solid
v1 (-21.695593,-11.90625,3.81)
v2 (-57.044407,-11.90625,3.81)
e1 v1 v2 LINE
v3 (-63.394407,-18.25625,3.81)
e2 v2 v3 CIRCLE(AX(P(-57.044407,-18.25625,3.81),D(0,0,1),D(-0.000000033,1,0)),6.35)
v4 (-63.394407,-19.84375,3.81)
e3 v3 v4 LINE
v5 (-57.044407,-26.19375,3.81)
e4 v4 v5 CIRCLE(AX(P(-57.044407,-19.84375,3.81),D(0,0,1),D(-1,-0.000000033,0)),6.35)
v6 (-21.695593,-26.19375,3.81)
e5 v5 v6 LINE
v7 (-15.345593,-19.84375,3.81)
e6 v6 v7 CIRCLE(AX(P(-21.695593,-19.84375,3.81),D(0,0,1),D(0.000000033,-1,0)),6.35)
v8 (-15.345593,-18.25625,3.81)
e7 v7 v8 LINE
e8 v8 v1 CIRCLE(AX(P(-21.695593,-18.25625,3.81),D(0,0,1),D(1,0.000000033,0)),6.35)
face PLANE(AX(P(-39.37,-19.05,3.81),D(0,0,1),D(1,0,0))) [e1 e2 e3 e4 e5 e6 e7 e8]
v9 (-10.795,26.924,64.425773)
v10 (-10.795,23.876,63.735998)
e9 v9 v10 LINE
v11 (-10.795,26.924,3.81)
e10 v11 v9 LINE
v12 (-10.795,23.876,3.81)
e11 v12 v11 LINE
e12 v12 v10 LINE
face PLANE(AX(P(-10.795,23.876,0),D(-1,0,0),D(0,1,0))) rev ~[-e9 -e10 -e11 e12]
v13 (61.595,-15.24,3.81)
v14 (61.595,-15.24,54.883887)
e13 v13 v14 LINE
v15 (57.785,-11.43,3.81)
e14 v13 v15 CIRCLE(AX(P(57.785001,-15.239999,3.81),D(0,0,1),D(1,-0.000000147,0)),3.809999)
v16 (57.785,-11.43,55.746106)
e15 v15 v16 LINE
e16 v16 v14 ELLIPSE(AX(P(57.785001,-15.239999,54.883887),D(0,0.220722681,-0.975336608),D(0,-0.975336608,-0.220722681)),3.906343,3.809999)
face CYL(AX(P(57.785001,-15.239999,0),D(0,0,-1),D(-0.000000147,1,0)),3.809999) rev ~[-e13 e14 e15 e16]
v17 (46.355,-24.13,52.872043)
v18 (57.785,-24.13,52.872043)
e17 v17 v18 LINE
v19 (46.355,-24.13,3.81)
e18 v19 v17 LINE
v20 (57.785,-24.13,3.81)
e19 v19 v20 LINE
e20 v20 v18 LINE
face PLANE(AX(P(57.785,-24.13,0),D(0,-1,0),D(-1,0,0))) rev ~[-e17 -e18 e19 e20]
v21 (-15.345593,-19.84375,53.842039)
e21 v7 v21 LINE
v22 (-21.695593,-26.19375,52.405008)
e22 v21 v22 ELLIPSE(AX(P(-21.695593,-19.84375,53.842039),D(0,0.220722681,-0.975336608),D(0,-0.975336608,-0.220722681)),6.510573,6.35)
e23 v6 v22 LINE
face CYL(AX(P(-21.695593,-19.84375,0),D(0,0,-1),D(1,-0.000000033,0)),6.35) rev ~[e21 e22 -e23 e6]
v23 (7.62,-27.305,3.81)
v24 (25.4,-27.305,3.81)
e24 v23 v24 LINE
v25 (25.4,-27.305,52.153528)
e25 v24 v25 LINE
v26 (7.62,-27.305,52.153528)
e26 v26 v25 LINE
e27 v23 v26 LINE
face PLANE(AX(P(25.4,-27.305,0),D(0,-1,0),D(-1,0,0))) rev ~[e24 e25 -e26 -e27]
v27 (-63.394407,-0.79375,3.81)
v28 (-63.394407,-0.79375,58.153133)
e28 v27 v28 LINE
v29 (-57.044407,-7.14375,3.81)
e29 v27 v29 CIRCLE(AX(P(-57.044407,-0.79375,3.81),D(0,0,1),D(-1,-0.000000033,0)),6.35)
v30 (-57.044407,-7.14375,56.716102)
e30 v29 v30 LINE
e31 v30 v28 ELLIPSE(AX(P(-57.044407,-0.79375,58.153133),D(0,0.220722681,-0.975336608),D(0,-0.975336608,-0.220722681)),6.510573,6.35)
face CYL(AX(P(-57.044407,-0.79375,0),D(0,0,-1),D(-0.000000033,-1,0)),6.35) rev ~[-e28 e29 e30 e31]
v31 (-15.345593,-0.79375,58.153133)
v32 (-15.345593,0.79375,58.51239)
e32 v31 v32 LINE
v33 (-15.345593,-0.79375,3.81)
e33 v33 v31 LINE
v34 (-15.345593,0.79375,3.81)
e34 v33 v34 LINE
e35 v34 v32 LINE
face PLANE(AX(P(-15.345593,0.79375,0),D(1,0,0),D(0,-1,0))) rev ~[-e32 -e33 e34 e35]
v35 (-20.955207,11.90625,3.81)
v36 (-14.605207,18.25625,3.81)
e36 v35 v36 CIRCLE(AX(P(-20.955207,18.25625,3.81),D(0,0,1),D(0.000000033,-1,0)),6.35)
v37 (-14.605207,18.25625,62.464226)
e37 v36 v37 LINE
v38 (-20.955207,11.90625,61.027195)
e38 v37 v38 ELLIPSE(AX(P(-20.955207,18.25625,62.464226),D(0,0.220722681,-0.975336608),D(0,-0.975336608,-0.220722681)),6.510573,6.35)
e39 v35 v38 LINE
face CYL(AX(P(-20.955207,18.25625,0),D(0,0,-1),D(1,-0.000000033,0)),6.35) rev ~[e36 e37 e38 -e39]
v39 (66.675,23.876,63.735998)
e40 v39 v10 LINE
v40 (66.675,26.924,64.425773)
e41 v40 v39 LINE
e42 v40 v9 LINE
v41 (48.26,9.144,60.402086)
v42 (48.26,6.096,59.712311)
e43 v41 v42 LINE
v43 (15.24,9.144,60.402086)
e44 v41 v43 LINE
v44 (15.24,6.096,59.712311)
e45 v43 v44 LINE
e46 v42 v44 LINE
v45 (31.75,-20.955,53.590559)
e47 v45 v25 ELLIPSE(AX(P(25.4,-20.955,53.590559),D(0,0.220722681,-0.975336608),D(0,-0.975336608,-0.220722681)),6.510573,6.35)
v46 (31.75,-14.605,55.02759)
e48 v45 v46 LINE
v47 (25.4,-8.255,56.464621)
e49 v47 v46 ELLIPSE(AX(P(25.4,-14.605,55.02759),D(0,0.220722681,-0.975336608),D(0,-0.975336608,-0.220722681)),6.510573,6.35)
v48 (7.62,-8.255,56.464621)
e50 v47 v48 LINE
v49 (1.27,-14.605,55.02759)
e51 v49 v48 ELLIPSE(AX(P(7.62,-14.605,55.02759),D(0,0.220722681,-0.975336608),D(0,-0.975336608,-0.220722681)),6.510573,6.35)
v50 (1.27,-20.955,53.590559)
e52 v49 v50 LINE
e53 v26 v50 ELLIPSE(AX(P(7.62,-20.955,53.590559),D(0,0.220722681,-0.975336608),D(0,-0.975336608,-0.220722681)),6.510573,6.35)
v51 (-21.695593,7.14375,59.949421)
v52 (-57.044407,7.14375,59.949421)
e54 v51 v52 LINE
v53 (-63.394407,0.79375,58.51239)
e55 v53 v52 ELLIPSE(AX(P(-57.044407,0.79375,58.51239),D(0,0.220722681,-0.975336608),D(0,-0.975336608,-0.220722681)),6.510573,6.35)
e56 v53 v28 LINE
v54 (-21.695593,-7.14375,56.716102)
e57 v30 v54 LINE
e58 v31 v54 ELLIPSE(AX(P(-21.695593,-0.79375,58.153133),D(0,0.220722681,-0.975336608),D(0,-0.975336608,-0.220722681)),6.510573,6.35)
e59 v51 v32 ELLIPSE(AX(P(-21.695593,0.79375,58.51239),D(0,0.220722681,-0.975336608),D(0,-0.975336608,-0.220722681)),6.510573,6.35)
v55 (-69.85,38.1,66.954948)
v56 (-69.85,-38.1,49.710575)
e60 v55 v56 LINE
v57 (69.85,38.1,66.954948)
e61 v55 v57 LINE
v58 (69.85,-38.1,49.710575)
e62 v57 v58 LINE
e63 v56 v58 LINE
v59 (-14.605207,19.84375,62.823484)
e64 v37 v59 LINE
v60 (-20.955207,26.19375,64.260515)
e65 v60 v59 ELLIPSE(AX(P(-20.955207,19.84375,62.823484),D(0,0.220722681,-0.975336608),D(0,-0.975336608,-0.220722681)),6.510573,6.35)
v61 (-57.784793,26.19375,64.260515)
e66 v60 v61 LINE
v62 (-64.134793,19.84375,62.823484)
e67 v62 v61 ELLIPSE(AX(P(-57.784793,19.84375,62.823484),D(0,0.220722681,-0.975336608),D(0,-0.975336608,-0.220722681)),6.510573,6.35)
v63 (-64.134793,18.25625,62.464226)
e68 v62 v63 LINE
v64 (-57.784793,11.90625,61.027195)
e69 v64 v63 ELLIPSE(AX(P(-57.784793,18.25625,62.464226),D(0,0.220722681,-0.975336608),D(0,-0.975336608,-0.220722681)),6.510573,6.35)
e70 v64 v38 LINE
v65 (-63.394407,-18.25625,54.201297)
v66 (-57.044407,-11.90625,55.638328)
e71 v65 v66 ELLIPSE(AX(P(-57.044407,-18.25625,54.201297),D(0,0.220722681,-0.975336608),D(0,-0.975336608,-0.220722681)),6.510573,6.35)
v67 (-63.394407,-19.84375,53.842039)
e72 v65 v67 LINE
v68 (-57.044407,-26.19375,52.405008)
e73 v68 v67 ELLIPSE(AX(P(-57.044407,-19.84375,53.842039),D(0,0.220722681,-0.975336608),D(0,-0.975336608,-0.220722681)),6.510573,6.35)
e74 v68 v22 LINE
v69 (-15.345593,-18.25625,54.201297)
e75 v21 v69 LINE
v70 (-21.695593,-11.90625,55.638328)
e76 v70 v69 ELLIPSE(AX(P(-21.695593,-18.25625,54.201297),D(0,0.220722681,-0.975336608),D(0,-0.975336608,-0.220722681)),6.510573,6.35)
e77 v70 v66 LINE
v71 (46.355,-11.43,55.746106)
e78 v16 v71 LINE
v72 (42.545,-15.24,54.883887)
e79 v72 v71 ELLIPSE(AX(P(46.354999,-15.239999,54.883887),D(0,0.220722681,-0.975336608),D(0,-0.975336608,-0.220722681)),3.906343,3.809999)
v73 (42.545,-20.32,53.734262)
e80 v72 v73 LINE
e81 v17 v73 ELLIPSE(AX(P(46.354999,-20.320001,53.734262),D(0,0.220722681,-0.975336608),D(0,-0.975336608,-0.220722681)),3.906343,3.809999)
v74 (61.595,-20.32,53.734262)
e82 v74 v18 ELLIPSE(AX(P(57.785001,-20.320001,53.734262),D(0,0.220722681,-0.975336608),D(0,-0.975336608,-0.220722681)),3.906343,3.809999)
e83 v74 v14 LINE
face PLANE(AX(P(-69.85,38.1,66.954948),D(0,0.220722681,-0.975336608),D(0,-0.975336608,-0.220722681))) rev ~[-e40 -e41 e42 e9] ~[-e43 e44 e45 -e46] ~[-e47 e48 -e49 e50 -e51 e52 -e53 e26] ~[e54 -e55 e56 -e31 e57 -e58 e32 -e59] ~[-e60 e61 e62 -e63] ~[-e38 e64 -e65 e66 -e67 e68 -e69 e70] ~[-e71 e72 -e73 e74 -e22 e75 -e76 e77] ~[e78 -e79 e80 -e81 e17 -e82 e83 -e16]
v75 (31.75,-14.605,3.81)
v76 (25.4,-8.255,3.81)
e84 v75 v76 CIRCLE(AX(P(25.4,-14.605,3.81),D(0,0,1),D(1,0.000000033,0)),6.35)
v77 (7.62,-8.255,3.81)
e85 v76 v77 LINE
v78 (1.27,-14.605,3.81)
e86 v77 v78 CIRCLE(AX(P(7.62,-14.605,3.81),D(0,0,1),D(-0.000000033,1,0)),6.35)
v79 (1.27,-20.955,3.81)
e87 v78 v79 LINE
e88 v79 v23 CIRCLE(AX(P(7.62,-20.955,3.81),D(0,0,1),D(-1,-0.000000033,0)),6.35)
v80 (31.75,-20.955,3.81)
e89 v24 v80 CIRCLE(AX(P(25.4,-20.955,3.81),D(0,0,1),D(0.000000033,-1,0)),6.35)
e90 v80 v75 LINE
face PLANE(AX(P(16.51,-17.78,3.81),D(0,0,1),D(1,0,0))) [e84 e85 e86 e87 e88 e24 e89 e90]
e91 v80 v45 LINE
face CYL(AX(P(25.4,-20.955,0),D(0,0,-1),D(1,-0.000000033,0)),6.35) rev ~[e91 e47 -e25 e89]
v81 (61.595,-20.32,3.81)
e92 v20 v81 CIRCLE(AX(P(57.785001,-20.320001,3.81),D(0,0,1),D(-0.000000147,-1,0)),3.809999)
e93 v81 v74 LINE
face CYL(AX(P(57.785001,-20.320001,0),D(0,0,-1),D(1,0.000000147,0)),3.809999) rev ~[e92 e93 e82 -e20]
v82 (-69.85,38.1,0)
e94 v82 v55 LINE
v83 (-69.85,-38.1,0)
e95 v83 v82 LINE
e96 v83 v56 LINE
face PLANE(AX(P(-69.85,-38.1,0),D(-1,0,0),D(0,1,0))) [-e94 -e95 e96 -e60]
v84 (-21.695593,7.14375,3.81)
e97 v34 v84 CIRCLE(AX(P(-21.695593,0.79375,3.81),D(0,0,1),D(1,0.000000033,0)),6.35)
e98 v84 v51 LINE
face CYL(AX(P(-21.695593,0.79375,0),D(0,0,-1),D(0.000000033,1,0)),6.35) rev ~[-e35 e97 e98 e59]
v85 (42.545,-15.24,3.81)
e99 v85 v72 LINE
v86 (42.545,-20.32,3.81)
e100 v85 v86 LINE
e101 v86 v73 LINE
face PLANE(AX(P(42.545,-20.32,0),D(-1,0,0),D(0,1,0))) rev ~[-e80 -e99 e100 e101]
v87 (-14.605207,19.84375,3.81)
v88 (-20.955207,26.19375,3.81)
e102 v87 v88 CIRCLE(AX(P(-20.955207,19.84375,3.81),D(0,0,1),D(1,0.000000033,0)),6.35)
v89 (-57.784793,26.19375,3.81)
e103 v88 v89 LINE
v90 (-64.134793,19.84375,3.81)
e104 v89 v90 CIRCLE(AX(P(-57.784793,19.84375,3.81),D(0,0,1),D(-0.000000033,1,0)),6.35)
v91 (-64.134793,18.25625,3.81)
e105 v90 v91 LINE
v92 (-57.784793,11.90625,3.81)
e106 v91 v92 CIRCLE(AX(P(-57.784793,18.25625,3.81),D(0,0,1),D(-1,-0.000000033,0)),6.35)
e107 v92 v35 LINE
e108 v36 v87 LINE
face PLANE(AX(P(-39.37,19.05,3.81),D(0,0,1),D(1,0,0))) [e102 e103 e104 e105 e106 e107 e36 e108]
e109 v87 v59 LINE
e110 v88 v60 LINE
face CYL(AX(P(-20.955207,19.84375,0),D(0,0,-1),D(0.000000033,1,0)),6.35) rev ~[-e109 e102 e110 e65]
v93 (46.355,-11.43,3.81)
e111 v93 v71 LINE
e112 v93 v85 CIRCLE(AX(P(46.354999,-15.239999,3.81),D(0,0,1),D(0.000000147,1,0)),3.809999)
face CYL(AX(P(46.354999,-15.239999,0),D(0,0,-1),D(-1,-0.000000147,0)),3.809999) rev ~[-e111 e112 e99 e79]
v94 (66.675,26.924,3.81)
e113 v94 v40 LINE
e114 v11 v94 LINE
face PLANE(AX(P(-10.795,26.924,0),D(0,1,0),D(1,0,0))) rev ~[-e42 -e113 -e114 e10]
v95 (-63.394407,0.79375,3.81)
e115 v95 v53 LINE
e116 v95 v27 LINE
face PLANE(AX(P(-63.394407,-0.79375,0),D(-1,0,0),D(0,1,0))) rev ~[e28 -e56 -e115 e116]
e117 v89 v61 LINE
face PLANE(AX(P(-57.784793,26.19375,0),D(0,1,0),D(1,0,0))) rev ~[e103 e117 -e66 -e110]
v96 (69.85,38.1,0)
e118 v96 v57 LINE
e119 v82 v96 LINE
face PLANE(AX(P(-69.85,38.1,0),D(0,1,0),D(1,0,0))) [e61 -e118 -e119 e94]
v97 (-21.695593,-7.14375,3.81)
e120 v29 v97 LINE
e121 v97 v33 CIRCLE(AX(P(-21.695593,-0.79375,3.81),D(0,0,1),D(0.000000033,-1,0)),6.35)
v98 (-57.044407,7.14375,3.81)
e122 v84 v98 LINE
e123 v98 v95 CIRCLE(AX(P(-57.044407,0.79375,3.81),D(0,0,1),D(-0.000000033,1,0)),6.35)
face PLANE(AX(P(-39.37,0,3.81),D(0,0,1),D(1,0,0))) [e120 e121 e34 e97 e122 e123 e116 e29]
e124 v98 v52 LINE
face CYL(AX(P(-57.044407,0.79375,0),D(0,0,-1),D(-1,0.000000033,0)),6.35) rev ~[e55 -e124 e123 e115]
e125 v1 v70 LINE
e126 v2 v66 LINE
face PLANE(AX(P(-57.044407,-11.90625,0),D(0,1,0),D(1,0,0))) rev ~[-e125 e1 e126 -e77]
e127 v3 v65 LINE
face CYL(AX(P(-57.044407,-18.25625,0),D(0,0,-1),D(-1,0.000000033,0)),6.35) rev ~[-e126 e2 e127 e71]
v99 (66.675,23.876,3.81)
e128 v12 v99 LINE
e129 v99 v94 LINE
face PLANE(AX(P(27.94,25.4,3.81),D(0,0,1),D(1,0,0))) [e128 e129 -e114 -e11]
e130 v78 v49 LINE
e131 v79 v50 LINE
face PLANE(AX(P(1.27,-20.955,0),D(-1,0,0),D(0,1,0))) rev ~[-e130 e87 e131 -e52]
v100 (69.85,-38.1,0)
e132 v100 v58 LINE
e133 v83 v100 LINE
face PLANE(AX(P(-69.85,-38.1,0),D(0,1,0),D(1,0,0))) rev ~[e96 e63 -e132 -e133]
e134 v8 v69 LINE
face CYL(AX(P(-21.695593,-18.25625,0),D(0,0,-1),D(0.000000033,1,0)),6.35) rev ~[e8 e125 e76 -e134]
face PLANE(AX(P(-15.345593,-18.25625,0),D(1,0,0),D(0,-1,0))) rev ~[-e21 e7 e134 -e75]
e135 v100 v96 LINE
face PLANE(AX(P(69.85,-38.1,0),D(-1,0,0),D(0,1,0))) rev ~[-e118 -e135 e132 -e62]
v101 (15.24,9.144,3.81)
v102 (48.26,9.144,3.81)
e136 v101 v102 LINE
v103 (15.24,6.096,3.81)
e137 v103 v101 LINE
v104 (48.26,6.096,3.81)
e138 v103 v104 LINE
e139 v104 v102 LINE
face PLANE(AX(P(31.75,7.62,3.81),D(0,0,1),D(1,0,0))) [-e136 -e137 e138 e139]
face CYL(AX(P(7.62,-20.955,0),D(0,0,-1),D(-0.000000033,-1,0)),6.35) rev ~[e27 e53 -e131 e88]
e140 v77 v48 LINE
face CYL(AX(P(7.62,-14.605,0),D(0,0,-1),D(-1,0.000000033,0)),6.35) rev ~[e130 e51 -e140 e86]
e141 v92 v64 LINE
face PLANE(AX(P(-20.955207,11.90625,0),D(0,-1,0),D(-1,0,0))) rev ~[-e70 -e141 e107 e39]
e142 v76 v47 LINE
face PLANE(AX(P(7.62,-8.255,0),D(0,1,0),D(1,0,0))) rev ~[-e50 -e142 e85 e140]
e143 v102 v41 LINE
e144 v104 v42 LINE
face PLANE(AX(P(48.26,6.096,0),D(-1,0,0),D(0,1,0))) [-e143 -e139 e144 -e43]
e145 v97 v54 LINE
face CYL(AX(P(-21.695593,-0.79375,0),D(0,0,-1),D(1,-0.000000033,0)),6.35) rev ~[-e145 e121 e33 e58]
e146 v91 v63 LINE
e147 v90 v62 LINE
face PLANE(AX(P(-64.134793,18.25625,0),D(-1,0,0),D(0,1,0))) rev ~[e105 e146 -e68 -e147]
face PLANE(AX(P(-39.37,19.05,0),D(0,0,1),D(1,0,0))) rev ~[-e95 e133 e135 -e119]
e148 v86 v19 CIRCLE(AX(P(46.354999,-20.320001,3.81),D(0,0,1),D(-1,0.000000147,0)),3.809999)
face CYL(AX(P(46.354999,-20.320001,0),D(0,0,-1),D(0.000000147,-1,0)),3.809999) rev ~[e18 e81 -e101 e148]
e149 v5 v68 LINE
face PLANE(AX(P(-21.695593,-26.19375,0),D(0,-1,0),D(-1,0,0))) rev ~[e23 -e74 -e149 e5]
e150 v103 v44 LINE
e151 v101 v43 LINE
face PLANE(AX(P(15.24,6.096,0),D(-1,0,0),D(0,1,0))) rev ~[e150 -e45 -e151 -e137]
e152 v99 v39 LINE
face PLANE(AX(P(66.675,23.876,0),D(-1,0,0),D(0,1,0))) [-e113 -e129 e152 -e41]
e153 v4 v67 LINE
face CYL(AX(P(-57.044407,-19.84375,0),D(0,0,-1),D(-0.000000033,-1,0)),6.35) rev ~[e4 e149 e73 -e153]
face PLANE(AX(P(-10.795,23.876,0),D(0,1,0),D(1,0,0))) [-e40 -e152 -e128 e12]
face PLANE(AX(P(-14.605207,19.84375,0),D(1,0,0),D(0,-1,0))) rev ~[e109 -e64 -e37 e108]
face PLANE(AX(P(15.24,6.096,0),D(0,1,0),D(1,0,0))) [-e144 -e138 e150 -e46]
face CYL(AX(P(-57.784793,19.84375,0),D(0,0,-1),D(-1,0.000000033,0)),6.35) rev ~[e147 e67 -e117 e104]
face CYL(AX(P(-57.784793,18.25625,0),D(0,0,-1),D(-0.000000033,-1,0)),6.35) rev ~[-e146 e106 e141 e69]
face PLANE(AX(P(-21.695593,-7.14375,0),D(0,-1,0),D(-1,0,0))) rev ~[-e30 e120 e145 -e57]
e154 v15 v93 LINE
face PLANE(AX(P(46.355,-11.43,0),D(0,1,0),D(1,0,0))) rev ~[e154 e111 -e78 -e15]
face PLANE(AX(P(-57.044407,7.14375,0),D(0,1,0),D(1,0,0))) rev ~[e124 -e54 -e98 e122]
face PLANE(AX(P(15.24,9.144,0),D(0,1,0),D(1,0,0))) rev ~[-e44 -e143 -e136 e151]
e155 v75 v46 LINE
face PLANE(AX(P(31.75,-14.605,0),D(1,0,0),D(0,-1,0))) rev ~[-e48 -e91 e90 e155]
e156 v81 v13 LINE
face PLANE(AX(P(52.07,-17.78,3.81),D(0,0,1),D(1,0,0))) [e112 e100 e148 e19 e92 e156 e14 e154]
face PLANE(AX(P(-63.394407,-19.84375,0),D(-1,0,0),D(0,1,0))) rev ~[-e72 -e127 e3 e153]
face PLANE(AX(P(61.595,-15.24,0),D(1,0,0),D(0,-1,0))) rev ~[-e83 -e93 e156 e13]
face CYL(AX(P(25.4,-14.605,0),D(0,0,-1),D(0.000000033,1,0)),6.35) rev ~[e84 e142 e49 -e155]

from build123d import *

# Parameters (mm, degrees)
F0_W     = 139.7
F0_H     = 76.2
F0_W_2   = 33.02
F0_H_2   = 3.048
F0_W_3   = 77.47
F1_DEPTH = 76.2
F3_DEPTH = 3.81
F4_DEPTH = 139.701


with BuildPart() as f1:
    # F0 (on Top) → F1 (new body)
    with BuildSketch(Plane.XY):
        Rectangle(F0_W, F0_H)
        with BuildLine():
            ThreePointArc((-63.394407, -18.25625), (-61.534535, -13.766122), (-57.044407, -11.90625))
            Line((-57.044407, -11.90625), (-21.695593, -11.90625))
            ThreePointArc((-21.695593, -11.90625), (-17.205465, -13.766122), (-15.345593, -18.25625))
            Line((-15.345593, -18.25625), (-15.345593, -19.84375))
            ThreePointArc((-15.345593, -19.84375), (-17.205465, -24.333878), (-21.695593, -26.19375))
            Line((-21.695593, -26.19375), (-57.044407, -26.19375))
            ThreePointArc((-57.044407, -26.19375), (-61.534535, -24.333878), (-63.394407, -19.84375))
            Line((-63.394407, -19.84375), (-63.394407, -18.25625))
        make_face(mode=Mode.SUBTRACT)
        with BuildLine():
            ThreePointArc((1.27, -14.605), (3.129872, -10.114872), (7.62, -8.255))
            Line((7.62, -8.255), (25.4, -8.255))
            ThreePointArc((25.4, -8.255), (29.890128, -10.114872), (31.75, -14.605))
            Line((31.75, -14.605), (31.75, -20.955))
            ThreePointArc((31.75, -20.955), (29.890128, -25.445128), (25.4, -27.305))
            Line((25.4, -27.305), (7.62, -27.305))
            ThreePointArc((7.62, -27.305), (3.129872, -25.445128), (1.27, -20.955))
            Line((1.27, -20.955), (1.27, -14.605))
        make_face(mode=Mode.SUBTRACT)
        with BuildLine():
            ThreePointArc((42.545, -15.24), (43.660923, -12.545923), (46.355, -11.43))
            Line((46.355, -11.43), (57.785, -11.43))
            ThreePointArc((57.785, -11.43), (60.479077, -12.545923), (61.595, -15.24))
            Line((61.595, -15.24), (61.595, -20.32))
            ThreePointArc((61.595, -20.32), (60.479077, -23.014077), (57.785, -24.13))
            Line((57.785, -24.13), (46.355, -24.13))
            ThreePointArc((46.355, -24.13), (43.660923, -23.014077), (42.545, -20.32))
            Line((42.545, -20.32), (42.545, -15.24))
        make_face(mode=Mode.SUBTRACT)
        with BuildLine():
            ThreePointArc((-63.394407, 0.79375), (-61.534535, 5.283878), (-57.044407, 7.14375))
            Line((-57.044407, 7.14375), (-21.695593, 7.14375))
            ThreePointArc((-21.695593, 7.14375), (-17.205465, 5.283878), (-15.345593, 0.79375))
            Line((-15.345593, 0.79375), (-15.345593, -0.79375))
            ThreePointArc((-15.345593, -0.79375), (-17.205465, -5.283878), (-21.695593, -7.14375))
            Line((-21.695593, -7.14375), (-57.044407, -7.14375))
            ThreePointArc((-57.044407, -7.14375), (-61.534535, -5.283878), (-63.394407, -0.79375))
            Line((-63.394407, -0.79375), (-63.394407, 0.79375))
        make_face(mode=Mode.SUBTRACT)
        with BuildLine():
            ThreePointArc((-64.134793, 19.84375), (-62.274921, 24.333878), (-57.784793, 26.19375))
            Line((-57.784793, 26.19375), (-20.955207, 26.19375))
            ThreePointArc((-20.955207, 26.19375), (-16.465079, 24.333878), (-14.605207, 19.84375))
            Line((-14.605207, 19.84375), (-14.605207, 18.25625))
            ThreePointArc((-14.605207, 18.25625), (-16.465079, 13.766122), (-20.955207, 11.90625))
            Line((-20.955207, 11.90625), (-57.784793, 11.90625))
            ThreePointArc((-57.784793, 11.90625), (-62.274921, 13.766122), (-64.134793, 18.25625))
            Line((-64.134793, 18.25625), (-64.134793, 19.84375))
        make_face(mode=Mode.SUBTRACT)
        with Locations((31.75, 7.62)):
            Rectangle(F0_W_2, F0_H_2, mode=Mode.SUBTRACT)
        with Locations((27.94, 25.4)):
            Rectangle(F0_W_3, F0_H_2, mode=Mode.SUBTRACT)
    extrude(amount=F1_DEPTH)

    # F0 (on Top) → F3 (join)
    with BuildSketch(Plane.XY):
        with BuildLine():
            Line((-20.955207, 26.19375), (-57.784793, 26.19375))
            ThreePointArc((-57.784793, 26.19375), (-62.274921, 24.333878), (-64.134793, 19.84375))
            Line((-64.134793, 19.84375), (-64.134793, 18.25625))
            ThreePointArc((-64.134793, 18.25625), (-62.274921, 13.766122), (-57.784793, 11.90625))
            Line((-57.784793, 11.90625), (-20.955207, 11.90625))
            ThreePointArc((-20.955207, 11.90625), (-16.465079, 13.766122), (-14.605207, 18.25625))
            Line((-14.605207, 18.25625), (-14.605207, 19.84375))
            ThreePointArc((-14.605207, 19.84375), (-16.465079, 24.333878), (-20.955207, 26.19375))
        make_face()
        with BuildLine():
            Line((-21.695593, 7.14375), (-57.044407, 7.14375))
            ThreePointArc((-57.044407, 7.14375), (-61.534535, 5.283878), (-63.394407, 0.79375))
            Line((-63.394407, 0.79375), (-63.394407, -0.79375))
            ThreePointArc((-63.394407, -0.79375), (-61.534535, -5.283878), (-57.044407, -7.14375))
            Line((-57.044407, -7.14375), (-21.695593, -7.14375))
            ThreePointArc((-21.695593, -7.14375), (-17.205465, -5.283878), (-15.345593, -0.79375))
            Line((-15.345593, -0.79375), (-15.345593, 0.79375))
            ThreePointArc((-15.345593, 0.79375), (-17.205465, 5.283878), (-21.695593, 7.14375))
        make_face()
        with BuildLine():
            Line((-21.695593, -11.90625), (-57.044407, -11.90625))
            ThreePointArc((-57.044407, -11.90625), (-61.534535, -13.766122), (-63.394407, -18.25625))
            Line((-63.394407, -18.25625), (-63.394407, -19.84375))
            ThreePointArc((-63.394407, -19.84375), (-61.534535, -24.333878), (-57.044407, -26.19375))
            Line((-57.044407, -26.19375), (-21.695593, -26.19375))
            ThreePointArc((-21.695593, -26.19375), (-17.205465, -24.333878), (-15.345593, -19.84375))
            Line((-15.345593, -19.84375), (-15.345593, -18.25625))
            ThreePointArc((-15.345593, -18.25625), (-17.205465, -13.766122), (-21.695593, -11.90625))
        make_face()
        with BuildLine():
            Line((25.4, -8.255), (7.62, -8.255))
            ThreePointArc((7.62, -8.255), (3.129872, -10.114872), (1.27, -14.605))
            Line((1.27, -14.605), (1.27, -20.955))
            ThreePointArc((1.27, -20.955), (3.129872, -25.445128), (7.62, -27.305))
            Line((7.62, -27.305), (25.4, -27.305))
            ThreePointArc((25.4, -27.305), (29.890128, -25.445128), (31.75, -20.955))
            Line((31.75, -20.955), (31.75, -14.605))
            ThreePointArc((31.75, -14.605), (29.890128, -10.114872), (25.4, -8.255))
        make_face()
        with BuildLine():
            Line((57.785, -11.43), (46.355, -11.43))
            ThreePointArc((46.355, -11.43), (43.660923, -12.545923), (42.545, -15.24))
            Line((42.545, -15.24), (42.545, -20.32))
            ThreePointArc((42.545, -20.32), (43.660923, -23.014077), (46.355, -24.13))
            Line((46.355, -24.13), (57.785, -24.13))
            ThreePointArc((57.785, -24.13), (60.479077, -23.014077), (61.595, -20.32))
            Line((61.595, -20.32), (61.595, -15.24))
            ThreePointArc((61.595, -15.24), (60.479077, -12.545923), (57.785, -11.43))
        make_face()
        with Locations((31.75, 7.62)):
            Rectangle(F0_W_2, F0_H_2)
        with Locations((27.94, 25.4)):
            Rectangle(F0_W_3, F0_H_2)
    extrude(amount=F3_DEPTH)

    # F2 (on face) → F4 (cut, through all)
    with BuildSketch(Plane(origin=(-69.85, 0, 0), x_dir=(0, -1, 0), z_dir=(-1, 0, 0))):
        Polygon((-38.1, 76.2), (-38.1, 66.954948), (38.1, 49.710575), (38.1, 76.2), align=None)
    extrude(amount=-F4_DEPTH, mode=Mode.SUBTRACT)


solid = f1.part
